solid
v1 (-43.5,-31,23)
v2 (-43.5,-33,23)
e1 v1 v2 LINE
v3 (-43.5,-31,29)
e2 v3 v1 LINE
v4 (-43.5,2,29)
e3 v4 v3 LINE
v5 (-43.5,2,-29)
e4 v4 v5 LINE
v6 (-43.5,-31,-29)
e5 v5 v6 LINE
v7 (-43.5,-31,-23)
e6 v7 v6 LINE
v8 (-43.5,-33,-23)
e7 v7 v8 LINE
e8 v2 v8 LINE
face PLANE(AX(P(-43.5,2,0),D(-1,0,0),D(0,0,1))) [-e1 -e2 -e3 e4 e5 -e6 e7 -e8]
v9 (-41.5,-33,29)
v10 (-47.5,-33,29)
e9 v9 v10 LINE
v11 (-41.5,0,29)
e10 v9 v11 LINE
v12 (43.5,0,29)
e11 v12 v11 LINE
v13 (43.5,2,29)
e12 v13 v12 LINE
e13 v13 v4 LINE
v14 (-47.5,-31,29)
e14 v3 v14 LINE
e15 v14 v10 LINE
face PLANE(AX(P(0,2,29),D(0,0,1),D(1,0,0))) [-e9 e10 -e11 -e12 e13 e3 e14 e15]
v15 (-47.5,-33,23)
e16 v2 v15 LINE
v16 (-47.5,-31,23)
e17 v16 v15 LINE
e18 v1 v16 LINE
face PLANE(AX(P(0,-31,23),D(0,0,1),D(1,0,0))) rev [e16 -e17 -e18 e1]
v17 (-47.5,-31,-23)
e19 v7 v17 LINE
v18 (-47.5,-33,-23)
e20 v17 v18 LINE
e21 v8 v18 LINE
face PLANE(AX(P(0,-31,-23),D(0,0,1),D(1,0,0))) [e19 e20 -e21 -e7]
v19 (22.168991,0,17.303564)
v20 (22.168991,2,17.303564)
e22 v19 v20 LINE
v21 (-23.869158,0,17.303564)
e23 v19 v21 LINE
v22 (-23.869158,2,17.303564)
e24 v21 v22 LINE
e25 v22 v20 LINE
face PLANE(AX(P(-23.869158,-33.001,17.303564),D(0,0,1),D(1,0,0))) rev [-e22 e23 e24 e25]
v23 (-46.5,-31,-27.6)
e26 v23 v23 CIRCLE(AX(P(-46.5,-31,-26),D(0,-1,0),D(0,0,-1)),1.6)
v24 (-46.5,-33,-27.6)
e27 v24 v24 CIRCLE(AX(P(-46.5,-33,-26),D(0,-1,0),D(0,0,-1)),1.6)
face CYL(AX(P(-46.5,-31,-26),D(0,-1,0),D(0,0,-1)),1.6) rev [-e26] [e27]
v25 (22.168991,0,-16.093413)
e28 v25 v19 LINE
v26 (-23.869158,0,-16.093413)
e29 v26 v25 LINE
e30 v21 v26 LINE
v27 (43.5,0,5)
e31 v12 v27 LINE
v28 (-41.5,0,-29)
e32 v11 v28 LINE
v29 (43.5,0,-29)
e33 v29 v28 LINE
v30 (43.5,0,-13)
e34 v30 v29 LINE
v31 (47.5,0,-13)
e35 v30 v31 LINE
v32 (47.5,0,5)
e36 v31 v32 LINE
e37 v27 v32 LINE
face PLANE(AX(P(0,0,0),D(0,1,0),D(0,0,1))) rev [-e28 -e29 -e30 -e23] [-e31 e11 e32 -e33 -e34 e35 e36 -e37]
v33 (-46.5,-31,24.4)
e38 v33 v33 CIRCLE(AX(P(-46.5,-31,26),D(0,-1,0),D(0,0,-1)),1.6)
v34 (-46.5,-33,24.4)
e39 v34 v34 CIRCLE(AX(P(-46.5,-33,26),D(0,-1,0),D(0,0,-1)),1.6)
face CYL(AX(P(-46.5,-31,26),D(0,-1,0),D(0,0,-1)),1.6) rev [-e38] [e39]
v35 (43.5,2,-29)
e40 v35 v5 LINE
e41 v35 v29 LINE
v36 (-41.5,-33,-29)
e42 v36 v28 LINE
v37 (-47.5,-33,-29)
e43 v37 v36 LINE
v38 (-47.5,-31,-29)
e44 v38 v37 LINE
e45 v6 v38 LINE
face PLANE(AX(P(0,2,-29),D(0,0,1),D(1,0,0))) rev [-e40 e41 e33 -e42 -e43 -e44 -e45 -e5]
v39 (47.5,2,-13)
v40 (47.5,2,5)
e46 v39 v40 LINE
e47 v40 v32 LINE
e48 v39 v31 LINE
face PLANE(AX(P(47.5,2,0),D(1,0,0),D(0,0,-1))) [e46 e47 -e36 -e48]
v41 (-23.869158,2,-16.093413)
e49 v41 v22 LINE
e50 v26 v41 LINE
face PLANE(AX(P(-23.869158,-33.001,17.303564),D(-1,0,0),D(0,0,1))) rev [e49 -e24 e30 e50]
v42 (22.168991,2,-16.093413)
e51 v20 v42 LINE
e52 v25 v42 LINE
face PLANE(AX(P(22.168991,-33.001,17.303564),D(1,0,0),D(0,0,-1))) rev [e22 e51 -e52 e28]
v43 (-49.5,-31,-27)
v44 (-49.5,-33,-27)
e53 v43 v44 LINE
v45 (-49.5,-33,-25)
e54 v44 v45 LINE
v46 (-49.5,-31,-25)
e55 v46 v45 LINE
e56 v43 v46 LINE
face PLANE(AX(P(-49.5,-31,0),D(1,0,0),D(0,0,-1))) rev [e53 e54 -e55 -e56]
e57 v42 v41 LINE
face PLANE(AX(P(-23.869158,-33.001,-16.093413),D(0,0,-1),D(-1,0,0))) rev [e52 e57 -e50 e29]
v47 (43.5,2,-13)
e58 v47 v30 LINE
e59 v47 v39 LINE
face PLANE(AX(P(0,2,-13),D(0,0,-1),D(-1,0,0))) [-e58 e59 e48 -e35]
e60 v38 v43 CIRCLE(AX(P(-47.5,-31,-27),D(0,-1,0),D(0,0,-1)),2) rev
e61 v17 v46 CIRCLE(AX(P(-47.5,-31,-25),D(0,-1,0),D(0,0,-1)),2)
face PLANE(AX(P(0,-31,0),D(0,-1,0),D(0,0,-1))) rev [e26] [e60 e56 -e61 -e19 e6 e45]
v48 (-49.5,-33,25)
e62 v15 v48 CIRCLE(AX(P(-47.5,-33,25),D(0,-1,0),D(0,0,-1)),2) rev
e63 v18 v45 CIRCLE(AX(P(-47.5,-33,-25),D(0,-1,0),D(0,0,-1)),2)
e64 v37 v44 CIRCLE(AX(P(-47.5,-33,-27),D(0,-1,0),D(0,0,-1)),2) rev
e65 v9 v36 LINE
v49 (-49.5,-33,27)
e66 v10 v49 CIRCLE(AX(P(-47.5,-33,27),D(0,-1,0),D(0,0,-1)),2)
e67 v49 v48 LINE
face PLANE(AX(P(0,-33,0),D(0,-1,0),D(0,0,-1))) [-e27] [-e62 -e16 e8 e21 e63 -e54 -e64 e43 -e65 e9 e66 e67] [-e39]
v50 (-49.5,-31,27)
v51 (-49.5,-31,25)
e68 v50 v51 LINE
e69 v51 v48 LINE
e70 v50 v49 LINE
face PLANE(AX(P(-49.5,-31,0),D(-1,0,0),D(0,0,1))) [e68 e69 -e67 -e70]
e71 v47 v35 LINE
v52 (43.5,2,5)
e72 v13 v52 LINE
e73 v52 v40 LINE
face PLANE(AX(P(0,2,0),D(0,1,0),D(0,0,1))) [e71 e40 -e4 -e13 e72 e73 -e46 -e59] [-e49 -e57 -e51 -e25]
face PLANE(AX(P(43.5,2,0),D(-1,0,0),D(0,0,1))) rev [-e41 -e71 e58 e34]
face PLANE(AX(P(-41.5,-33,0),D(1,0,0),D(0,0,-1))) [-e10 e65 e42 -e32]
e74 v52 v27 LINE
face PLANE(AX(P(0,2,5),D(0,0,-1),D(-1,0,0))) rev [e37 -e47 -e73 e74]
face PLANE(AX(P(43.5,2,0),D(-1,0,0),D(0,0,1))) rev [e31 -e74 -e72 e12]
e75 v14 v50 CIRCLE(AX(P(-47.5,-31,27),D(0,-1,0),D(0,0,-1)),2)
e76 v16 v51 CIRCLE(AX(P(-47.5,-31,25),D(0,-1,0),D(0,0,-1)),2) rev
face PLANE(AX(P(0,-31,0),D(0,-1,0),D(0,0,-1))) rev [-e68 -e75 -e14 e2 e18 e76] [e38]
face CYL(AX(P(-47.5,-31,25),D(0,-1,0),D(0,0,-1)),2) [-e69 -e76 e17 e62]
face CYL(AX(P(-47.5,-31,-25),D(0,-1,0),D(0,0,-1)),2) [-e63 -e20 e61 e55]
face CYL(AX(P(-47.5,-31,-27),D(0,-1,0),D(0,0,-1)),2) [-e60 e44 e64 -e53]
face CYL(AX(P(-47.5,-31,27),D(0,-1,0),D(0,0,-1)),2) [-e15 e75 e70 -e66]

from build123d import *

# Parameters (mm, degrees)
SKETCH_1_W          = 87
SKETCH_1_H          = 58
SKETCH_1_W_2        = 4
SKETCH_1_H_2        = 18
EXTRUDE_1_DEPTH     = 2
SKETCH_2_W          = 2
SKETCH_2_H          = 58
EXTRUDE_2_DEPTH     = 33
SKETCH_3_R          = 1.6
EXTRUDE_3_DEPTH     = 2
CUT_EXTRUDE_1_REACH = 69.203
SKETCH_4_W          = 46.038149354
SKETCH_4_H          = 33.396976304


with BuildPart() as part:
    # 草图1 → 凸台-拉伸1 (new body)
    with BuildSketch(Plane(origin=(0, 0, 0), x_dir=(1, 0, 0), z_dir=(0, 1, 0))):
        Rectangle(SKETCH_1_W, SKETCH_1_H)
        with Locations((45.5, 4)):
            Rectangle(SKETCH_1_W_2, SKETCH_1_H_2)
    extrude(amount=EXTRUDE_1_DEPTH)

    # 草图2 → 凸台-拉伸2 (add)
    with BuildSketch(Plane.XZ):
        with Locations((-42.5, 0)):
            Rectangle(SKETCH_2_W, SKETCH_2_H)
    extrude(amount=EXTRUDE_2_DEPTH)

    # 草图3 → 凸台-拉伸3 (add)
    # profile 1 of 3: a face of its own
    with BuildSketch(Plane.XZ.offset(33)):
        with BuildLine():
            Line((-43.5, 23), (-43.5, 29))
            Line((-43.5, 29), (-47.5, 29))
            ThreePointArc((-47.5, 29), (-48.914213562, 28.414213562), (-49.5, 27))
            Line((-49.5, 27), (-49.5, 25))
            ThreePointArc((-49.5, 25), (-48.914213562, 23.585786438), (-47.5, 23))
            Line((-47.5, 23), (-43.5, 23))
        make_face()
        with Locations(Location((-46.5, 26, 0), (0, 0, 270))):
            Circle(SKETCH_3_R, mode=Mode.SUBTRACT)
    # profile 2 of 3: a face of its own
    with BuildSketch(Plane.XZ.offset(33)):
        Polygon((-41.5, 29), (-43.5, 29), (-43.5, 23), (-43.5, -23), (-43.5, -29), (-41.5, -29), align=None)
    # profile 3 of 3: a face of its own
    with BuildSketch(Plane.XZ.offset(33)):
        with BuildLine():
            Line((-43.5, -29), (-43.5, -23))
            Line((-43.5, -23), (-47.5, -23))
            ThreePointArc((-47.5, -23), (-48.914213562, -23.585786438), (-49.5, -25))
            Line((-49.5, -25), (-49.5, -27))
            ThreePointArc((-49.5, -27), (-48.914213562, -28.414213562), (-47.5, -29))
            Line((-47.5, -29), (-43.5, -29))
        make_face()
        with Locations(Location((-46.5, -26, 0), (0, 0, 270))):
            Circle(SKETCH_3_R, mode=Mode.SUBTRACT)
    extrude(amount=-EXTRUDE_3_DEPTH)

    # 草图4 → 切除-拉伸1 (cut, up to next)
    with BuildSketch(Plane(origin=(0, 2, 0), x_dir=(1, 0, 0), z_dir=(0, 1, 0)), mode=Mode.PRIVATE) as cut_extrude_1_sk1:
        with Locations((-0.850083312, -0.605075521)):
            Rectangle(SKETCH_4_W, SKETCH_4_H)
    cut_extrude_1_tool1 = extrude(cut_extrude_1_sk1.sketch, amount=-CUT_EXTRUDE_1_REACH, mode=Mode.PRIVATE) & part.part
    add(cut_extrude_1_tool1.solids().sort_by_distance((-0.850083, 2, 0.605076))[0], mode=Mode.SUBTRACT)


solid = part.part
